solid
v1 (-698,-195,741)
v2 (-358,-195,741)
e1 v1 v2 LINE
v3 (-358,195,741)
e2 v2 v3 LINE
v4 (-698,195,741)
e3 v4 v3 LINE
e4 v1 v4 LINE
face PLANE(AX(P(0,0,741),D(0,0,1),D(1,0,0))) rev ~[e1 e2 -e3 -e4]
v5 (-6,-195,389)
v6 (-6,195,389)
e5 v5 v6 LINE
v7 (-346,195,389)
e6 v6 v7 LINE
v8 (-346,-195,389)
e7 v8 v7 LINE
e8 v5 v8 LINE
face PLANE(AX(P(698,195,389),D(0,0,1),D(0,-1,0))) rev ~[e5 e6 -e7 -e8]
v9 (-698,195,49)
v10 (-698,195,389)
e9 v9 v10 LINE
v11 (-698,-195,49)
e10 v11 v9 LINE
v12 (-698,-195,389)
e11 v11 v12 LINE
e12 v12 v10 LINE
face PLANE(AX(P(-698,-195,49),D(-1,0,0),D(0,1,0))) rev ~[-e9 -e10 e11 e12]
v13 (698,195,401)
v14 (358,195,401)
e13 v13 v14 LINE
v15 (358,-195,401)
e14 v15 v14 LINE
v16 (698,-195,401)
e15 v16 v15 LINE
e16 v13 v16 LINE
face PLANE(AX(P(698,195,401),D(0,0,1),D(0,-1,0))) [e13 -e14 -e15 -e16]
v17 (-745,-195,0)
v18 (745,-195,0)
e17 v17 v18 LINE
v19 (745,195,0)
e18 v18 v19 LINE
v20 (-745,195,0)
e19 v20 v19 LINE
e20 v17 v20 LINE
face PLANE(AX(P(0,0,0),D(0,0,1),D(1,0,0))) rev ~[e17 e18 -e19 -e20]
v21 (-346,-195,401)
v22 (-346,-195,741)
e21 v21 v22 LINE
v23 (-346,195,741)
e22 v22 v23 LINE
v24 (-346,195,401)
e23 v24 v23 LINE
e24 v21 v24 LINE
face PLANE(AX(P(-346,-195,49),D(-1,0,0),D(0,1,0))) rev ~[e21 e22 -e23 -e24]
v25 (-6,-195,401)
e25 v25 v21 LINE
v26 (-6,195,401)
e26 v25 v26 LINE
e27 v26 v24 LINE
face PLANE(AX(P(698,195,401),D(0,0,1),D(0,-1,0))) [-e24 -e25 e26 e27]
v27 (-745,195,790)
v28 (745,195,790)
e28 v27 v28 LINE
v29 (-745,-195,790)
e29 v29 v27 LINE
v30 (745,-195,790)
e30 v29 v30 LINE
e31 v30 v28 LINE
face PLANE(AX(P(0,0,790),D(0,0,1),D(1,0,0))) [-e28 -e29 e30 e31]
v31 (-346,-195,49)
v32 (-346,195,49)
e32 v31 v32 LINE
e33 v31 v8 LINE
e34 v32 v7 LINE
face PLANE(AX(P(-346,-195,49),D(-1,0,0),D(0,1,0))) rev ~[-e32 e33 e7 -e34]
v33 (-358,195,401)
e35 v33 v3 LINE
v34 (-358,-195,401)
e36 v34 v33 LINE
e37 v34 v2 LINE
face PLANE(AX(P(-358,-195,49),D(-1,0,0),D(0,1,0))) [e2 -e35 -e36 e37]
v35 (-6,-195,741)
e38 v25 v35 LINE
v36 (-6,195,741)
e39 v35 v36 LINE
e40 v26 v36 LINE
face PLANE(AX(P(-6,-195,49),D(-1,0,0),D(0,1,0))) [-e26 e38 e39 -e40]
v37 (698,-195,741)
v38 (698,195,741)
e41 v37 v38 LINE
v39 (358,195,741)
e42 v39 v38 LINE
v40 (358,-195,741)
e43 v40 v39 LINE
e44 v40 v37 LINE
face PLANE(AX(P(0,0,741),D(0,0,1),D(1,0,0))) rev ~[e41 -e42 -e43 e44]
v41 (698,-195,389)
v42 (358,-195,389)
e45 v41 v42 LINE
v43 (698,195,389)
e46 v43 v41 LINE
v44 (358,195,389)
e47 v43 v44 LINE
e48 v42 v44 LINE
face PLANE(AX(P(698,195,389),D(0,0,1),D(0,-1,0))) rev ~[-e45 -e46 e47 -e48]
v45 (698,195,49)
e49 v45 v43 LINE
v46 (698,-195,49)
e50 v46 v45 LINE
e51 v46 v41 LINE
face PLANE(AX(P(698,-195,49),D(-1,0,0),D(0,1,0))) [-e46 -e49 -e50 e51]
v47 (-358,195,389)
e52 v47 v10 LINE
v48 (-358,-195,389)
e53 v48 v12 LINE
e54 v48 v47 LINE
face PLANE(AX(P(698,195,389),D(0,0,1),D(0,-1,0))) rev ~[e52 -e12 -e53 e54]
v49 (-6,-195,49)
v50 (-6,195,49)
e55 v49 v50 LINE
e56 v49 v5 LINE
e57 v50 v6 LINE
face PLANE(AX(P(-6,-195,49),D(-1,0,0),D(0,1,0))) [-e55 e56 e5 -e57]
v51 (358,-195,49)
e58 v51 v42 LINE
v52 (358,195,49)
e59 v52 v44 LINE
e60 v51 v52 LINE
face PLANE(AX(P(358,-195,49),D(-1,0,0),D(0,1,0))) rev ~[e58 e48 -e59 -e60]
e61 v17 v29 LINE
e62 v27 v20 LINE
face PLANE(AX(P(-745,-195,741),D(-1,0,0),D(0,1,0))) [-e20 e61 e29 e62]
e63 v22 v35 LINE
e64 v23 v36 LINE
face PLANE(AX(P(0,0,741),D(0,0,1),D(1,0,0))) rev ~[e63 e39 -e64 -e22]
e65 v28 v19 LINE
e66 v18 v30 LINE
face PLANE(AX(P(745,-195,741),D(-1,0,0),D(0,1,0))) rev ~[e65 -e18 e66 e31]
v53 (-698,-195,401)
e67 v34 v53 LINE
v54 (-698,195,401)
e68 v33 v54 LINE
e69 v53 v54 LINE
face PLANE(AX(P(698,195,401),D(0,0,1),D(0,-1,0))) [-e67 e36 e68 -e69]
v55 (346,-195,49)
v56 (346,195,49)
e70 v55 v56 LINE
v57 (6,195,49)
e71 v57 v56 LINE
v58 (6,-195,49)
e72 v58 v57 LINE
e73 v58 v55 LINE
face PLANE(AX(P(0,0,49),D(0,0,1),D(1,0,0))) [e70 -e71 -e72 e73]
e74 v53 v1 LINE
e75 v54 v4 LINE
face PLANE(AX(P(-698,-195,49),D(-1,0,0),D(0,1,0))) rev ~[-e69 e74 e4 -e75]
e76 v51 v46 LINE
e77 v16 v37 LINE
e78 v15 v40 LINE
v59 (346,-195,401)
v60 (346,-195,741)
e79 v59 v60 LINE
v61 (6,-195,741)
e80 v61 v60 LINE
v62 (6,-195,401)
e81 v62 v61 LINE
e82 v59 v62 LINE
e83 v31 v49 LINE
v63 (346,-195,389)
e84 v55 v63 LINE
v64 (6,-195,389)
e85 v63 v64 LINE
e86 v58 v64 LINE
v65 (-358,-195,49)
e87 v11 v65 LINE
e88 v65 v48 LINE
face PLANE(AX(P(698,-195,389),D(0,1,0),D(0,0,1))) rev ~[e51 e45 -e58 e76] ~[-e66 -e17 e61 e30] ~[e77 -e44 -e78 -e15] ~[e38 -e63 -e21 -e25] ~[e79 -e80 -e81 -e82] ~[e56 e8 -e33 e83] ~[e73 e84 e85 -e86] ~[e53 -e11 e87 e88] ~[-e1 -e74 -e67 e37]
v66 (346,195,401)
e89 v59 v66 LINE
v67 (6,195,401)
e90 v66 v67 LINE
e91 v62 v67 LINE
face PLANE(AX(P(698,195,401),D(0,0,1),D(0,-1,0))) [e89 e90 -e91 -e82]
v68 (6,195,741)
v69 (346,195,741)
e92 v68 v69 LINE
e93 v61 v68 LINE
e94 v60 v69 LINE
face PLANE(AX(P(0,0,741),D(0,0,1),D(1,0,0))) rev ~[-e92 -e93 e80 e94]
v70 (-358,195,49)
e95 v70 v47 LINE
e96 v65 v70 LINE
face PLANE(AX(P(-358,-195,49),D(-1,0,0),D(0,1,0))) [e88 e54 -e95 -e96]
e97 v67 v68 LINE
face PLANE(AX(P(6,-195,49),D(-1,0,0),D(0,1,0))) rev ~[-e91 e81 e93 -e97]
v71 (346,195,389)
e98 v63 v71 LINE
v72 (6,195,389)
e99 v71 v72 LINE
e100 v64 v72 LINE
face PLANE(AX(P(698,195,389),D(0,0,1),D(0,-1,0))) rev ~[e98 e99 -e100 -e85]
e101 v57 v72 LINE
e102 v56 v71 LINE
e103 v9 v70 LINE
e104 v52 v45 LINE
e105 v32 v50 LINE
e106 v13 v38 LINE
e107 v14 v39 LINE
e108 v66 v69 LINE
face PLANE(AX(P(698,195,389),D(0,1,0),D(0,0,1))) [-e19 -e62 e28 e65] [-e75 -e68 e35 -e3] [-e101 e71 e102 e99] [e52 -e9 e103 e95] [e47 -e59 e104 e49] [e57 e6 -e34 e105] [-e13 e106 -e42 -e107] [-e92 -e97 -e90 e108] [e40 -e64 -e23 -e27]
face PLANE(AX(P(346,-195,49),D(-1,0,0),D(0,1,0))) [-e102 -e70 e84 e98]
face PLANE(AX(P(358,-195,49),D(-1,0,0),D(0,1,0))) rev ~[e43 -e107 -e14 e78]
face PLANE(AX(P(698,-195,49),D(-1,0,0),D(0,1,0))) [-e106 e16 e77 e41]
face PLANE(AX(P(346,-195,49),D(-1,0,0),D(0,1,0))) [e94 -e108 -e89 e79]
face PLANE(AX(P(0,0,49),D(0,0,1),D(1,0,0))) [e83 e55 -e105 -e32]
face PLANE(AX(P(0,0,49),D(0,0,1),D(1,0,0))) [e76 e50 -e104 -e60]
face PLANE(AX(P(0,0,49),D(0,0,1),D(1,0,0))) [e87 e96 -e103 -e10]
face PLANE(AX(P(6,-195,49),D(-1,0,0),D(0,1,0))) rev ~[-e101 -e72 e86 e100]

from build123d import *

# Parameters (mm, degrees)
F0_W     = 1490
F0_H     = 390
F1_DEPTH = 49
F2_W     = 47
F2_H     = 390
F2_W_2   = 12
F3_DEPTH = 692
F4_W     = 1490
F4_H     = 390
F5_DEPTH = 49
F6_W     = 390
F6_H     = 12
F7_DEPTH = 1410


with BuildPart() as f1:
    # F0 (on Top) → F1 (new body)
    with BuildSketch(Plane.XY):
        Rectangle(F0_W, F0_H)
    extrude(amount=F1_DEPTH)

    # F2 (on face) → F3 (join)
    with BuildSketch(Plane.XY.offset(49)):
        with Locations((-721.5, 0)):
            Rectangle(F2_W, F2_H)
        with Locations((721.5, 0)):
            Rectangle(F2_W, F2_H)
        with Locations((352, 0)):
            Rectangle(F2_W_2, F2_H)
        Rectangle(F2_W_2, F2_H)
        with Locations((-352, 0)):
            Rectangle(F2_W_2, F2_H)
    extrude(amount=F3_DEPTH)

    # F4 (on face) → F5 (join)
    with BuildSketch(Plane.XY.offset(741)):
        Rectangle(F4_W, F4_H)
    extrude(amount=F5_DEPTH)

    # F6 (on face) → F7 (join)
    with BuildSketch(Plane(origin=(698, 0, 0), x_dir=(0, -1, 0), z_dir=(-1, 0, 0))):
        with Locations((0, 395)):
            Rectangle(F6_W, F6_H)
    extrude(amount=F7_DEPTH)


solid = f1.part
